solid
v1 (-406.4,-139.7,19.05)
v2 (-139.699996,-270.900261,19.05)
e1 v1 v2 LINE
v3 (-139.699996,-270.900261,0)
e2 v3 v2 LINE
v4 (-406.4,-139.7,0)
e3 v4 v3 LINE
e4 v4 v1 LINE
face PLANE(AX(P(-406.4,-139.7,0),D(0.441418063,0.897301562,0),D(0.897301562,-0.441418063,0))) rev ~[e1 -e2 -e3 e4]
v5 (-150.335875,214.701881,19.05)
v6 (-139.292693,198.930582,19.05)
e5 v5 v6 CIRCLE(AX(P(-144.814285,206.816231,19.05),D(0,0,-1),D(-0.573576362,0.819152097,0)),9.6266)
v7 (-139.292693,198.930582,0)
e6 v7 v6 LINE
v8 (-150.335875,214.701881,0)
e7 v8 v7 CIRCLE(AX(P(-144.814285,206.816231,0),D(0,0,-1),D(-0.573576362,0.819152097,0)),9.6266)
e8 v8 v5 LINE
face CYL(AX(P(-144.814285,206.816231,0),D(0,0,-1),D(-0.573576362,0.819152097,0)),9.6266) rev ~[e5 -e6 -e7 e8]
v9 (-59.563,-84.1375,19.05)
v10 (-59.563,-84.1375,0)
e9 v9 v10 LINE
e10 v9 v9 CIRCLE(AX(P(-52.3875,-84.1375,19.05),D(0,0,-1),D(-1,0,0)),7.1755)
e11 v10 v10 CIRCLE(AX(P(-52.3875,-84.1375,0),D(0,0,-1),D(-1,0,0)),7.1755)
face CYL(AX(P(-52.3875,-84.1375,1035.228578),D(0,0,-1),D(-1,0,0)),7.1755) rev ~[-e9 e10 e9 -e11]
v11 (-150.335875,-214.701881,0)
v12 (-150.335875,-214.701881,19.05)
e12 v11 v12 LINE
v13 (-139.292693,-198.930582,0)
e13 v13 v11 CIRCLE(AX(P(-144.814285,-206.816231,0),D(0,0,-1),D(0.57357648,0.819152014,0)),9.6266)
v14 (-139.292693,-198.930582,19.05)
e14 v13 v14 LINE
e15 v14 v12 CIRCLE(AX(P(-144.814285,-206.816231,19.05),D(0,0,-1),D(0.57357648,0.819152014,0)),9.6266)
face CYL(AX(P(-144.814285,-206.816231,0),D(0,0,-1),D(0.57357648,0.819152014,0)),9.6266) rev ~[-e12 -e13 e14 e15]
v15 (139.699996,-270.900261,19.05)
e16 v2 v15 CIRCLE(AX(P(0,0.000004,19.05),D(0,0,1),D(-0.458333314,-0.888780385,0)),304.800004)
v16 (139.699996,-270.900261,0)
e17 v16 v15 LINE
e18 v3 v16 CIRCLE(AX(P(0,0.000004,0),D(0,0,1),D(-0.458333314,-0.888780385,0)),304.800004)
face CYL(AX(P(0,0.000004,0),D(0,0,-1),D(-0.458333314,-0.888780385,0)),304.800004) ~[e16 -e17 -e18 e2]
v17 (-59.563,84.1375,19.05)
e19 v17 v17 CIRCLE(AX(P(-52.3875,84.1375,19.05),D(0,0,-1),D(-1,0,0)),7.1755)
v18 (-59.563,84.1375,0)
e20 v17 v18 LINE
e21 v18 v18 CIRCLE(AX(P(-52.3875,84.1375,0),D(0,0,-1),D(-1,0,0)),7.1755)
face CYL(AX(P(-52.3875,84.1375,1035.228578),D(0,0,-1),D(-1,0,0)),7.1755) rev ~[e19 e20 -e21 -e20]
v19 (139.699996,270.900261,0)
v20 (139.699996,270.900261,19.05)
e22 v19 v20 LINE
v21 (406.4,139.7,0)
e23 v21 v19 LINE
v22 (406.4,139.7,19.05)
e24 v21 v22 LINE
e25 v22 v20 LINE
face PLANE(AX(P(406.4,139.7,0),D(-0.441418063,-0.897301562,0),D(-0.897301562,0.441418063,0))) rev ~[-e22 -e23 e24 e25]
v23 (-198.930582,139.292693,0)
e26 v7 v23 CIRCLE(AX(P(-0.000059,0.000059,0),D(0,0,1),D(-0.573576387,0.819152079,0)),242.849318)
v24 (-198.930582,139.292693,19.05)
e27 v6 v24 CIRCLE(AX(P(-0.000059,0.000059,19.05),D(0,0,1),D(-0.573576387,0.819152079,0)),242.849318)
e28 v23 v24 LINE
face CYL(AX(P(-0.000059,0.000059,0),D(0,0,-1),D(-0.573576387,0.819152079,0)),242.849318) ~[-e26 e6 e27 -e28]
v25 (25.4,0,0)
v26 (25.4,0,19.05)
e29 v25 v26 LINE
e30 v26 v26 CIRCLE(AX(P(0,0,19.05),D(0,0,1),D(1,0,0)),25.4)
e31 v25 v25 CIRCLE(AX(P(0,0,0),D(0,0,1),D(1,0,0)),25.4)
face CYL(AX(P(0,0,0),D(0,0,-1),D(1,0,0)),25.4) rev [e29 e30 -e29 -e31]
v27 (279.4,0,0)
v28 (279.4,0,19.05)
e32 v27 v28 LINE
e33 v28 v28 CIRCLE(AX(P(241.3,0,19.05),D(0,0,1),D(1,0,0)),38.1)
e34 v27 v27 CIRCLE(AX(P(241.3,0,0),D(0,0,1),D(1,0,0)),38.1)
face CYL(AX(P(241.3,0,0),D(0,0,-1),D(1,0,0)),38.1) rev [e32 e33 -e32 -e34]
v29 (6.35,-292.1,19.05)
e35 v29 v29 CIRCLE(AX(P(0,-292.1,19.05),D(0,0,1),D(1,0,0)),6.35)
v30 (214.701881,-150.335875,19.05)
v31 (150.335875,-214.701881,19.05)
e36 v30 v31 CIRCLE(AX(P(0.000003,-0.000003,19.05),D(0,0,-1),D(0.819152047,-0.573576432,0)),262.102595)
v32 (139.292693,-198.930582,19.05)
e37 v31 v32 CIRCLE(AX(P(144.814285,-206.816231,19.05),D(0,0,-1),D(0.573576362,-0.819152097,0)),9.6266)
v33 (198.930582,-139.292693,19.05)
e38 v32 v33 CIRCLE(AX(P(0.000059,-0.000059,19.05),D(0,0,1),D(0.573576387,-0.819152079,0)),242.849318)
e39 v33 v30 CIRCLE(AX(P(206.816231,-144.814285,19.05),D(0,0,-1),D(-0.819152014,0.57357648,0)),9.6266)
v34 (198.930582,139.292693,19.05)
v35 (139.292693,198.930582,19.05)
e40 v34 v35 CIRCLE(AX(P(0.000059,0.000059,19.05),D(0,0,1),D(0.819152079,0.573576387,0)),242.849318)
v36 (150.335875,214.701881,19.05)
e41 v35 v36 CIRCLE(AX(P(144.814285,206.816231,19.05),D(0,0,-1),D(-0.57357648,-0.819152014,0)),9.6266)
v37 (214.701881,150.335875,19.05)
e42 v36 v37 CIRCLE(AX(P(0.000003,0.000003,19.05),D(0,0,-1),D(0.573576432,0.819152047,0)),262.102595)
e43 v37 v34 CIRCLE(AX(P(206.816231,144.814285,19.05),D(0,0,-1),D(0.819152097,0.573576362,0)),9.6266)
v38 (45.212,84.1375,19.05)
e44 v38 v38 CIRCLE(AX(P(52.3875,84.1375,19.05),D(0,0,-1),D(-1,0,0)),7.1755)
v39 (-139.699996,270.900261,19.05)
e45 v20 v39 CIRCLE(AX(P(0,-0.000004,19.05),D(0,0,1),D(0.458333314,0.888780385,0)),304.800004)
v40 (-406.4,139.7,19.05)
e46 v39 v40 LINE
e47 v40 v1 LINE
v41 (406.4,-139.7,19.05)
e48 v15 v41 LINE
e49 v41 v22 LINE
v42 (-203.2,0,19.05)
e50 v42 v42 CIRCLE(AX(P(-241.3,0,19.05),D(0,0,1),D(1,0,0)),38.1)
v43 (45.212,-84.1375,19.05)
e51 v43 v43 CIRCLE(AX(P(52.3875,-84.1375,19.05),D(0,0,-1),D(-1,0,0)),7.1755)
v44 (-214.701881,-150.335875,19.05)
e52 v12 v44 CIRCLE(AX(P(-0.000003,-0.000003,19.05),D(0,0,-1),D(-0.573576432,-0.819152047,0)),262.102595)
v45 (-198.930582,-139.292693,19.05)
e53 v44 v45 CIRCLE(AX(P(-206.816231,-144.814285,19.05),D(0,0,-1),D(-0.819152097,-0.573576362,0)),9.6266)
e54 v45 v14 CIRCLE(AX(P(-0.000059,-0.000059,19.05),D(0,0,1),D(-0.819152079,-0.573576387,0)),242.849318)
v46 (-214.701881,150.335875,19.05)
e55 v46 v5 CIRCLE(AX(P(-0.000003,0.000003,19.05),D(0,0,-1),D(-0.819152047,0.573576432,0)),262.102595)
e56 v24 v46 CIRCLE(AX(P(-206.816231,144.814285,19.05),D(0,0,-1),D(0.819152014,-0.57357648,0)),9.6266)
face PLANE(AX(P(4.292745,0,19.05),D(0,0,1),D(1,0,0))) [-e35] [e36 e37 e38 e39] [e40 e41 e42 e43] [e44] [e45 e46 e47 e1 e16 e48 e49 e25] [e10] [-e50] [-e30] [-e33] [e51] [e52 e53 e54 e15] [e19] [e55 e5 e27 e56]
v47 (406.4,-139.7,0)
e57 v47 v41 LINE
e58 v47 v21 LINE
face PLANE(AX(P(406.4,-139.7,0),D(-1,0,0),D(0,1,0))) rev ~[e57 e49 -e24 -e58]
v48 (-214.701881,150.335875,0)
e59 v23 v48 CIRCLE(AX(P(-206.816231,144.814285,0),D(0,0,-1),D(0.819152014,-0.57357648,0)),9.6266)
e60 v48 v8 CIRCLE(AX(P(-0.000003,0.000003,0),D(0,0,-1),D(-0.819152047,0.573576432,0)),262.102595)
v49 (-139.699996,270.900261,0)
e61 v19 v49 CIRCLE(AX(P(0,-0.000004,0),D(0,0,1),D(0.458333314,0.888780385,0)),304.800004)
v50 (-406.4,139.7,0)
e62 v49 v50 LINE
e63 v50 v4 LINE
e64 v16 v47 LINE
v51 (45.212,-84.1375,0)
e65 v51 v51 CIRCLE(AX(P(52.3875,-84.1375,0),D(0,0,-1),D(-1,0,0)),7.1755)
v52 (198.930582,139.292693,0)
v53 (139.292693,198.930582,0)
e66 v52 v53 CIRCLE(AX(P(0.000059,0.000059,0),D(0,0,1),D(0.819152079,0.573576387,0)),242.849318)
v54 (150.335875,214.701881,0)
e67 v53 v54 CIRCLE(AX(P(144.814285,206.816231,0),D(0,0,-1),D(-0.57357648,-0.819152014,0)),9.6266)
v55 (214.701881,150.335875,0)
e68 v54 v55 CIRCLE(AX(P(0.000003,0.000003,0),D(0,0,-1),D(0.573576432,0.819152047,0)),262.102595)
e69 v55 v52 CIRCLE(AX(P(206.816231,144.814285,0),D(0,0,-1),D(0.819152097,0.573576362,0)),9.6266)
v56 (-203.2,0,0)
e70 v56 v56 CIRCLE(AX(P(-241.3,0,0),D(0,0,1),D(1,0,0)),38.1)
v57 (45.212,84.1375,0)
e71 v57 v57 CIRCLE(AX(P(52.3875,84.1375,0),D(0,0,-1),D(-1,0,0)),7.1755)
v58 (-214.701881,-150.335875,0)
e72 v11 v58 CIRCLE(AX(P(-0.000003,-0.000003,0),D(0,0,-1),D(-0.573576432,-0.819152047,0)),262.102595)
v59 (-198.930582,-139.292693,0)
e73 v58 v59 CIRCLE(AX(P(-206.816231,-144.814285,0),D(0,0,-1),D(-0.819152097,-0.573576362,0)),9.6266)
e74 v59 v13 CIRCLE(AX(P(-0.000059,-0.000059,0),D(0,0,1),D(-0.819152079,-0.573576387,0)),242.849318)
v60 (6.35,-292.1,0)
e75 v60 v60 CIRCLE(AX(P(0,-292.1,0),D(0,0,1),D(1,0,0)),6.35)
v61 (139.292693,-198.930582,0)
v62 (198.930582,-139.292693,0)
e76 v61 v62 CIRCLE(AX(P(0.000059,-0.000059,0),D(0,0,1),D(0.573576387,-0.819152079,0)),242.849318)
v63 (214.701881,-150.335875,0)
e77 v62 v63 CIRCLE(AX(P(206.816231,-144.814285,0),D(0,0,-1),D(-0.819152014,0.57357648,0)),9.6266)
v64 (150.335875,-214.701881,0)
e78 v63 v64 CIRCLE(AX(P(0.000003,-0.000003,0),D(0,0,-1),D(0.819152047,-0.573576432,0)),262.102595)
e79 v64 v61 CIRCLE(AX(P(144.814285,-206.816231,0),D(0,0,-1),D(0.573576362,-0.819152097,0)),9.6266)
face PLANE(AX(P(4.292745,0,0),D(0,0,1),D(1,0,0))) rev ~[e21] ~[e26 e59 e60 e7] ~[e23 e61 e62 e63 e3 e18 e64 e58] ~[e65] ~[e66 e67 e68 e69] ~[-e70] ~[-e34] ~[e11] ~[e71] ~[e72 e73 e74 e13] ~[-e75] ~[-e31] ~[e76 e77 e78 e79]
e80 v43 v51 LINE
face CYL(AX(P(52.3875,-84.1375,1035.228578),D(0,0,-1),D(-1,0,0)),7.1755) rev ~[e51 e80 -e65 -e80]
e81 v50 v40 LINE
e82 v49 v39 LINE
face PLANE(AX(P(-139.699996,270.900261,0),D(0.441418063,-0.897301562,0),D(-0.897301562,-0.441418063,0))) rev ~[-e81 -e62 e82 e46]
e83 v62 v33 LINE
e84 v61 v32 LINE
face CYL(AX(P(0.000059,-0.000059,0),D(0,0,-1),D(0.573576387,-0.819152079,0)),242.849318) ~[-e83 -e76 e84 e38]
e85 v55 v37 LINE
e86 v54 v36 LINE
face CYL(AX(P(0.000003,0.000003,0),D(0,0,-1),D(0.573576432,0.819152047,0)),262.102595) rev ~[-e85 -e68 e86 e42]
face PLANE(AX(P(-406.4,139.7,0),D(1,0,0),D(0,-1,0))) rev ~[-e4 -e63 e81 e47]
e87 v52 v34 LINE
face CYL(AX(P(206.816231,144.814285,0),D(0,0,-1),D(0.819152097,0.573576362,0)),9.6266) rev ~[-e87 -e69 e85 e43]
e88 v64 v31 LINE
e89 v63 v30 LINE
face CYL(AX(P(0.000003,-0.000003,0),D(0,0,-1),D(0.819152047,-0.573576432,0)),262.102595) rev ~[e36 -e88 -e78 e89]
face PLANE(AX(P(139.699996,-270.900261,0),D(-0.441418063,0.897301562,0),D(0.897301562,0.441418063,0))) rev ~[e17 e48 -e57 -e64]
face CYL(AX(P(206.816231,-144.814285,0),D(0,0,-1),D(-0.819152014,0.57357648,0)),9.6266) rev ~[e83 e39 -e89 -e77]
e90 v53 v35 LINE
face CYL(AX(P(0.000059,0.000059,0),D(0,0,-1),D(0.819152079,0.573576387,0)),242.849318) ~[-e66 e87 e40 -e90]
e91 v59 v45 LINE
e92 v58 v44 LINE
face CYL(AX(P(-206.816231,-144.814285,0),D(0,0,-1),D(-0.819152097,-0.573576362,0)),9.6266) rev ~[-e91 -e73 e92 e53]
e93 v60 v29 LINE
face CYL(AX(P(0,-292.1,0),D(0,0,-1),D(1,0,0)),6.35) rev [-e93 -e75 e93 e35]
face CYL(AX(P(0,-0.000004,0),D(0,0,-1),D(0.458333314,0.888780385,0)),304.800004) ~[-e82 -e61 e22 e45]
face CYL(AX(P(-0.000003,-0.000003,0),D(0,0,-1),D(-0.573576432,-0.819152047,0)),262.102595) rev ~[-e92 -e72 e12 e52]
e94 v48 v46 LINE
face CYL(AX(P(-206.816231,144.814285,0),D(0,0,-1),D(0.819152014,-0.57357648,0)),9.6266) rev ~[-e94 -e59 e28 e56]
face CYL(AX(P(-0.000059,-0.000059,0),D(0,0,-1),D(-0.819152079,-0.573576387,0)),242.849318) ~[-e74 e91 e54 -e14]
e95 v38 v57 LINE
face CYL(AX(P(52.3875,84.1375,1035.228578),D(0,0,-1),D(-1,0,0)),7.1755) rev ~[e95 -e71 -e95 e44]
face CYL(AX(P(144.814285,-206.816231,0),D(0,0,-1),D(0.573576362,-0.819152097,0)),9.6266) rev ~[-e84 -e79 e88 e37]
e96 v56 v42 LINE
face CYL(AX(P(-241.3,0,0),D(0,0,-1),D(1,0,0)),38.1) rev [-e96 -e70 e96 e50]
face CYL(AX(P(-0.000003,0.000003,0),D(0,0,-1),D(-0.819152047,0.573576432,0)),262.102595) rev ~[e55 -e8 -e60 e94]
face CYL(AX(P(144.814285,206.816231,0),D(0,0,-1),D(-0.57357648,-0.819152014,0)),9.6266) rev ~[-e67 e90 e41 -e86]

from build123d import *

# Parameters (mm, degrees)
F0_R     = 6.35
F0_R_2   = 38.1
F0_R_3   = 25.4
F1_DEPTH = 19.05
F3_D     = 14.351


with BuildPart() as f1:
    # F0 (on Top) → F1 (new body)
    with BuildSketch(Plane.XY):
        with BuildLine():
            ThreePointArc((139.699996, -270.900261), (260.272548, -158.622951), (304.8, 0))
            ThreePointArc((304.8, 0), (260.272548, 158.622951), (139.699996, 270.900261))
            ThreePointArc((139.699996, 270.900261), (0, 304.8), (-139.699996, 270.900261))
            ThreePointArc((-139.699996, 270.900261), (-304.8, 0), (-139.699996, -270.900261))
            ThreePointArc((-139.699996, -270.900261), (0, -304.8), (139.699996, -270.900261))
        make_face()
        with Locations((0, -292.1)):
            Circle(F0_R, mode=Mode.SUBTRACT)
        with BuildLine():
            ThreePointArc((-214.701881, -150.335875), (-212.337822, -136.928635), (-198.930582, -139.292693))
            ThreePointArc((-198.930582, -139.292693), (-171.720458, -171.720458), (-139.292693, -198.930582))
            ThreePointArc((-139.292693, -198.930582), (-136.928635, -212.337822), (-150.335875, -214.701881))
            ThreePointArc((-150.335875, -214.701881), (-185.334526, -185.334526), (-214.701881, -150.335875))
        make_face(mode=Mode.SUBTRACT)
        with BuildLine():
            ThreePointArc((198.930582, -139.292693), (212.337822, -136.928635), (214.701881, -150.335875))
            ThreePointArc((214.701881, -150.335875), (185.334526, -185.334526), (150.335875, -214.701881))
            ThreePointArc((150.335875, -214.701881), (136.928635, -212.337822), (139.292693, -198.930582))
            ThreePointArc((139.292693, -198.930582), (171.720458, -171.720458), (198.930582, -139.292693))
        make_face(mode=Mode.SUBTRACT)
        with Locations((-241.3, 0)):
            Circle(F0_R_2, mode=Mode.SUBTRACT)
        Circle(F0_R_3, mode=Mode.SUBTRACT)
        with BuildLine():
            ThreePointArc((-198.930582, 139.292693), (-212.337822, 136.928635), (-214.701881, 150.335875))
            ThreePointArc((-214.701881, 150.335875), (-185.334526, 185.334526), (-150.335875, 214.701881))
            ThreePointArc((-150.335875, 214.701881), (-136.928635, 212.337822), (-139.292693, 198.930582))
            ThreePointArc((-139.292693, 198.930582), (-171.720458, 171.720458), (-198.930582, 139.292693))
        make_face(mode=Mode.SUBTRACT)
        with Locations((241.3, 0)):
            Circle(F0_R_2, mode=Mode.SUBTRACT)
        with BuildLine():
            ThreePointArc((139.292693, 198.930582), (136.928635, 212.337822), (150.335875, 214.701881))
            ThreePointArc((150.335875, 214.701881), (185.334526, 185.334526), (214.701881, 150.335875))
            ThreePointArc((214.701881, 150.335875), (212.337822, 136.928635), (198.930582, 139.292693))
            ThreePointArc((198.930582, 139.292693), (171.720458, 171.720458), (139.292693, 198.930582))
        make_face(mode=Mode.SUBTRACT)
        with BuildLine():
            ThreePointArc((-139.699996, -270.900261), (-304.8, 0), (-139.699996, 270.900261))
            Line((-139.699996, 270.900261), (-406.4, 139.7))
            Line((-406.4, 139.7), (-406.4, -139.7))
            Line((-406.4, -139.7), (-139.699996, -270.900261))
        make_face()
        with BuildLine():
            ThreePointArc((139.699996, 270.900261), (260.272548, 158.622951), (304.8, 0))
            ThreePointArc((304.8, 0), (260.272548, -158.622951), (139.699996, -270.900261))
            Line((139.699996, -270.900261), (406.4, -139.7))
            Line((406.4, -139.7), (406.4, 139.7))
            Line((406.4, 139.7), (139.699996, 270.900261))
        make_face()
    extrude(amount=F1_DEPTH)

    # F3 (through all)
    with Locations(Plane.XY.offset(19.05)):
        with Locations((-52.3875, 84.1375), (-52.3875, -84.1375), (52.3875, -84.1375), (52.3875, 84.1375)):
            Hole(F3_D / 2)


solid = f1.part
